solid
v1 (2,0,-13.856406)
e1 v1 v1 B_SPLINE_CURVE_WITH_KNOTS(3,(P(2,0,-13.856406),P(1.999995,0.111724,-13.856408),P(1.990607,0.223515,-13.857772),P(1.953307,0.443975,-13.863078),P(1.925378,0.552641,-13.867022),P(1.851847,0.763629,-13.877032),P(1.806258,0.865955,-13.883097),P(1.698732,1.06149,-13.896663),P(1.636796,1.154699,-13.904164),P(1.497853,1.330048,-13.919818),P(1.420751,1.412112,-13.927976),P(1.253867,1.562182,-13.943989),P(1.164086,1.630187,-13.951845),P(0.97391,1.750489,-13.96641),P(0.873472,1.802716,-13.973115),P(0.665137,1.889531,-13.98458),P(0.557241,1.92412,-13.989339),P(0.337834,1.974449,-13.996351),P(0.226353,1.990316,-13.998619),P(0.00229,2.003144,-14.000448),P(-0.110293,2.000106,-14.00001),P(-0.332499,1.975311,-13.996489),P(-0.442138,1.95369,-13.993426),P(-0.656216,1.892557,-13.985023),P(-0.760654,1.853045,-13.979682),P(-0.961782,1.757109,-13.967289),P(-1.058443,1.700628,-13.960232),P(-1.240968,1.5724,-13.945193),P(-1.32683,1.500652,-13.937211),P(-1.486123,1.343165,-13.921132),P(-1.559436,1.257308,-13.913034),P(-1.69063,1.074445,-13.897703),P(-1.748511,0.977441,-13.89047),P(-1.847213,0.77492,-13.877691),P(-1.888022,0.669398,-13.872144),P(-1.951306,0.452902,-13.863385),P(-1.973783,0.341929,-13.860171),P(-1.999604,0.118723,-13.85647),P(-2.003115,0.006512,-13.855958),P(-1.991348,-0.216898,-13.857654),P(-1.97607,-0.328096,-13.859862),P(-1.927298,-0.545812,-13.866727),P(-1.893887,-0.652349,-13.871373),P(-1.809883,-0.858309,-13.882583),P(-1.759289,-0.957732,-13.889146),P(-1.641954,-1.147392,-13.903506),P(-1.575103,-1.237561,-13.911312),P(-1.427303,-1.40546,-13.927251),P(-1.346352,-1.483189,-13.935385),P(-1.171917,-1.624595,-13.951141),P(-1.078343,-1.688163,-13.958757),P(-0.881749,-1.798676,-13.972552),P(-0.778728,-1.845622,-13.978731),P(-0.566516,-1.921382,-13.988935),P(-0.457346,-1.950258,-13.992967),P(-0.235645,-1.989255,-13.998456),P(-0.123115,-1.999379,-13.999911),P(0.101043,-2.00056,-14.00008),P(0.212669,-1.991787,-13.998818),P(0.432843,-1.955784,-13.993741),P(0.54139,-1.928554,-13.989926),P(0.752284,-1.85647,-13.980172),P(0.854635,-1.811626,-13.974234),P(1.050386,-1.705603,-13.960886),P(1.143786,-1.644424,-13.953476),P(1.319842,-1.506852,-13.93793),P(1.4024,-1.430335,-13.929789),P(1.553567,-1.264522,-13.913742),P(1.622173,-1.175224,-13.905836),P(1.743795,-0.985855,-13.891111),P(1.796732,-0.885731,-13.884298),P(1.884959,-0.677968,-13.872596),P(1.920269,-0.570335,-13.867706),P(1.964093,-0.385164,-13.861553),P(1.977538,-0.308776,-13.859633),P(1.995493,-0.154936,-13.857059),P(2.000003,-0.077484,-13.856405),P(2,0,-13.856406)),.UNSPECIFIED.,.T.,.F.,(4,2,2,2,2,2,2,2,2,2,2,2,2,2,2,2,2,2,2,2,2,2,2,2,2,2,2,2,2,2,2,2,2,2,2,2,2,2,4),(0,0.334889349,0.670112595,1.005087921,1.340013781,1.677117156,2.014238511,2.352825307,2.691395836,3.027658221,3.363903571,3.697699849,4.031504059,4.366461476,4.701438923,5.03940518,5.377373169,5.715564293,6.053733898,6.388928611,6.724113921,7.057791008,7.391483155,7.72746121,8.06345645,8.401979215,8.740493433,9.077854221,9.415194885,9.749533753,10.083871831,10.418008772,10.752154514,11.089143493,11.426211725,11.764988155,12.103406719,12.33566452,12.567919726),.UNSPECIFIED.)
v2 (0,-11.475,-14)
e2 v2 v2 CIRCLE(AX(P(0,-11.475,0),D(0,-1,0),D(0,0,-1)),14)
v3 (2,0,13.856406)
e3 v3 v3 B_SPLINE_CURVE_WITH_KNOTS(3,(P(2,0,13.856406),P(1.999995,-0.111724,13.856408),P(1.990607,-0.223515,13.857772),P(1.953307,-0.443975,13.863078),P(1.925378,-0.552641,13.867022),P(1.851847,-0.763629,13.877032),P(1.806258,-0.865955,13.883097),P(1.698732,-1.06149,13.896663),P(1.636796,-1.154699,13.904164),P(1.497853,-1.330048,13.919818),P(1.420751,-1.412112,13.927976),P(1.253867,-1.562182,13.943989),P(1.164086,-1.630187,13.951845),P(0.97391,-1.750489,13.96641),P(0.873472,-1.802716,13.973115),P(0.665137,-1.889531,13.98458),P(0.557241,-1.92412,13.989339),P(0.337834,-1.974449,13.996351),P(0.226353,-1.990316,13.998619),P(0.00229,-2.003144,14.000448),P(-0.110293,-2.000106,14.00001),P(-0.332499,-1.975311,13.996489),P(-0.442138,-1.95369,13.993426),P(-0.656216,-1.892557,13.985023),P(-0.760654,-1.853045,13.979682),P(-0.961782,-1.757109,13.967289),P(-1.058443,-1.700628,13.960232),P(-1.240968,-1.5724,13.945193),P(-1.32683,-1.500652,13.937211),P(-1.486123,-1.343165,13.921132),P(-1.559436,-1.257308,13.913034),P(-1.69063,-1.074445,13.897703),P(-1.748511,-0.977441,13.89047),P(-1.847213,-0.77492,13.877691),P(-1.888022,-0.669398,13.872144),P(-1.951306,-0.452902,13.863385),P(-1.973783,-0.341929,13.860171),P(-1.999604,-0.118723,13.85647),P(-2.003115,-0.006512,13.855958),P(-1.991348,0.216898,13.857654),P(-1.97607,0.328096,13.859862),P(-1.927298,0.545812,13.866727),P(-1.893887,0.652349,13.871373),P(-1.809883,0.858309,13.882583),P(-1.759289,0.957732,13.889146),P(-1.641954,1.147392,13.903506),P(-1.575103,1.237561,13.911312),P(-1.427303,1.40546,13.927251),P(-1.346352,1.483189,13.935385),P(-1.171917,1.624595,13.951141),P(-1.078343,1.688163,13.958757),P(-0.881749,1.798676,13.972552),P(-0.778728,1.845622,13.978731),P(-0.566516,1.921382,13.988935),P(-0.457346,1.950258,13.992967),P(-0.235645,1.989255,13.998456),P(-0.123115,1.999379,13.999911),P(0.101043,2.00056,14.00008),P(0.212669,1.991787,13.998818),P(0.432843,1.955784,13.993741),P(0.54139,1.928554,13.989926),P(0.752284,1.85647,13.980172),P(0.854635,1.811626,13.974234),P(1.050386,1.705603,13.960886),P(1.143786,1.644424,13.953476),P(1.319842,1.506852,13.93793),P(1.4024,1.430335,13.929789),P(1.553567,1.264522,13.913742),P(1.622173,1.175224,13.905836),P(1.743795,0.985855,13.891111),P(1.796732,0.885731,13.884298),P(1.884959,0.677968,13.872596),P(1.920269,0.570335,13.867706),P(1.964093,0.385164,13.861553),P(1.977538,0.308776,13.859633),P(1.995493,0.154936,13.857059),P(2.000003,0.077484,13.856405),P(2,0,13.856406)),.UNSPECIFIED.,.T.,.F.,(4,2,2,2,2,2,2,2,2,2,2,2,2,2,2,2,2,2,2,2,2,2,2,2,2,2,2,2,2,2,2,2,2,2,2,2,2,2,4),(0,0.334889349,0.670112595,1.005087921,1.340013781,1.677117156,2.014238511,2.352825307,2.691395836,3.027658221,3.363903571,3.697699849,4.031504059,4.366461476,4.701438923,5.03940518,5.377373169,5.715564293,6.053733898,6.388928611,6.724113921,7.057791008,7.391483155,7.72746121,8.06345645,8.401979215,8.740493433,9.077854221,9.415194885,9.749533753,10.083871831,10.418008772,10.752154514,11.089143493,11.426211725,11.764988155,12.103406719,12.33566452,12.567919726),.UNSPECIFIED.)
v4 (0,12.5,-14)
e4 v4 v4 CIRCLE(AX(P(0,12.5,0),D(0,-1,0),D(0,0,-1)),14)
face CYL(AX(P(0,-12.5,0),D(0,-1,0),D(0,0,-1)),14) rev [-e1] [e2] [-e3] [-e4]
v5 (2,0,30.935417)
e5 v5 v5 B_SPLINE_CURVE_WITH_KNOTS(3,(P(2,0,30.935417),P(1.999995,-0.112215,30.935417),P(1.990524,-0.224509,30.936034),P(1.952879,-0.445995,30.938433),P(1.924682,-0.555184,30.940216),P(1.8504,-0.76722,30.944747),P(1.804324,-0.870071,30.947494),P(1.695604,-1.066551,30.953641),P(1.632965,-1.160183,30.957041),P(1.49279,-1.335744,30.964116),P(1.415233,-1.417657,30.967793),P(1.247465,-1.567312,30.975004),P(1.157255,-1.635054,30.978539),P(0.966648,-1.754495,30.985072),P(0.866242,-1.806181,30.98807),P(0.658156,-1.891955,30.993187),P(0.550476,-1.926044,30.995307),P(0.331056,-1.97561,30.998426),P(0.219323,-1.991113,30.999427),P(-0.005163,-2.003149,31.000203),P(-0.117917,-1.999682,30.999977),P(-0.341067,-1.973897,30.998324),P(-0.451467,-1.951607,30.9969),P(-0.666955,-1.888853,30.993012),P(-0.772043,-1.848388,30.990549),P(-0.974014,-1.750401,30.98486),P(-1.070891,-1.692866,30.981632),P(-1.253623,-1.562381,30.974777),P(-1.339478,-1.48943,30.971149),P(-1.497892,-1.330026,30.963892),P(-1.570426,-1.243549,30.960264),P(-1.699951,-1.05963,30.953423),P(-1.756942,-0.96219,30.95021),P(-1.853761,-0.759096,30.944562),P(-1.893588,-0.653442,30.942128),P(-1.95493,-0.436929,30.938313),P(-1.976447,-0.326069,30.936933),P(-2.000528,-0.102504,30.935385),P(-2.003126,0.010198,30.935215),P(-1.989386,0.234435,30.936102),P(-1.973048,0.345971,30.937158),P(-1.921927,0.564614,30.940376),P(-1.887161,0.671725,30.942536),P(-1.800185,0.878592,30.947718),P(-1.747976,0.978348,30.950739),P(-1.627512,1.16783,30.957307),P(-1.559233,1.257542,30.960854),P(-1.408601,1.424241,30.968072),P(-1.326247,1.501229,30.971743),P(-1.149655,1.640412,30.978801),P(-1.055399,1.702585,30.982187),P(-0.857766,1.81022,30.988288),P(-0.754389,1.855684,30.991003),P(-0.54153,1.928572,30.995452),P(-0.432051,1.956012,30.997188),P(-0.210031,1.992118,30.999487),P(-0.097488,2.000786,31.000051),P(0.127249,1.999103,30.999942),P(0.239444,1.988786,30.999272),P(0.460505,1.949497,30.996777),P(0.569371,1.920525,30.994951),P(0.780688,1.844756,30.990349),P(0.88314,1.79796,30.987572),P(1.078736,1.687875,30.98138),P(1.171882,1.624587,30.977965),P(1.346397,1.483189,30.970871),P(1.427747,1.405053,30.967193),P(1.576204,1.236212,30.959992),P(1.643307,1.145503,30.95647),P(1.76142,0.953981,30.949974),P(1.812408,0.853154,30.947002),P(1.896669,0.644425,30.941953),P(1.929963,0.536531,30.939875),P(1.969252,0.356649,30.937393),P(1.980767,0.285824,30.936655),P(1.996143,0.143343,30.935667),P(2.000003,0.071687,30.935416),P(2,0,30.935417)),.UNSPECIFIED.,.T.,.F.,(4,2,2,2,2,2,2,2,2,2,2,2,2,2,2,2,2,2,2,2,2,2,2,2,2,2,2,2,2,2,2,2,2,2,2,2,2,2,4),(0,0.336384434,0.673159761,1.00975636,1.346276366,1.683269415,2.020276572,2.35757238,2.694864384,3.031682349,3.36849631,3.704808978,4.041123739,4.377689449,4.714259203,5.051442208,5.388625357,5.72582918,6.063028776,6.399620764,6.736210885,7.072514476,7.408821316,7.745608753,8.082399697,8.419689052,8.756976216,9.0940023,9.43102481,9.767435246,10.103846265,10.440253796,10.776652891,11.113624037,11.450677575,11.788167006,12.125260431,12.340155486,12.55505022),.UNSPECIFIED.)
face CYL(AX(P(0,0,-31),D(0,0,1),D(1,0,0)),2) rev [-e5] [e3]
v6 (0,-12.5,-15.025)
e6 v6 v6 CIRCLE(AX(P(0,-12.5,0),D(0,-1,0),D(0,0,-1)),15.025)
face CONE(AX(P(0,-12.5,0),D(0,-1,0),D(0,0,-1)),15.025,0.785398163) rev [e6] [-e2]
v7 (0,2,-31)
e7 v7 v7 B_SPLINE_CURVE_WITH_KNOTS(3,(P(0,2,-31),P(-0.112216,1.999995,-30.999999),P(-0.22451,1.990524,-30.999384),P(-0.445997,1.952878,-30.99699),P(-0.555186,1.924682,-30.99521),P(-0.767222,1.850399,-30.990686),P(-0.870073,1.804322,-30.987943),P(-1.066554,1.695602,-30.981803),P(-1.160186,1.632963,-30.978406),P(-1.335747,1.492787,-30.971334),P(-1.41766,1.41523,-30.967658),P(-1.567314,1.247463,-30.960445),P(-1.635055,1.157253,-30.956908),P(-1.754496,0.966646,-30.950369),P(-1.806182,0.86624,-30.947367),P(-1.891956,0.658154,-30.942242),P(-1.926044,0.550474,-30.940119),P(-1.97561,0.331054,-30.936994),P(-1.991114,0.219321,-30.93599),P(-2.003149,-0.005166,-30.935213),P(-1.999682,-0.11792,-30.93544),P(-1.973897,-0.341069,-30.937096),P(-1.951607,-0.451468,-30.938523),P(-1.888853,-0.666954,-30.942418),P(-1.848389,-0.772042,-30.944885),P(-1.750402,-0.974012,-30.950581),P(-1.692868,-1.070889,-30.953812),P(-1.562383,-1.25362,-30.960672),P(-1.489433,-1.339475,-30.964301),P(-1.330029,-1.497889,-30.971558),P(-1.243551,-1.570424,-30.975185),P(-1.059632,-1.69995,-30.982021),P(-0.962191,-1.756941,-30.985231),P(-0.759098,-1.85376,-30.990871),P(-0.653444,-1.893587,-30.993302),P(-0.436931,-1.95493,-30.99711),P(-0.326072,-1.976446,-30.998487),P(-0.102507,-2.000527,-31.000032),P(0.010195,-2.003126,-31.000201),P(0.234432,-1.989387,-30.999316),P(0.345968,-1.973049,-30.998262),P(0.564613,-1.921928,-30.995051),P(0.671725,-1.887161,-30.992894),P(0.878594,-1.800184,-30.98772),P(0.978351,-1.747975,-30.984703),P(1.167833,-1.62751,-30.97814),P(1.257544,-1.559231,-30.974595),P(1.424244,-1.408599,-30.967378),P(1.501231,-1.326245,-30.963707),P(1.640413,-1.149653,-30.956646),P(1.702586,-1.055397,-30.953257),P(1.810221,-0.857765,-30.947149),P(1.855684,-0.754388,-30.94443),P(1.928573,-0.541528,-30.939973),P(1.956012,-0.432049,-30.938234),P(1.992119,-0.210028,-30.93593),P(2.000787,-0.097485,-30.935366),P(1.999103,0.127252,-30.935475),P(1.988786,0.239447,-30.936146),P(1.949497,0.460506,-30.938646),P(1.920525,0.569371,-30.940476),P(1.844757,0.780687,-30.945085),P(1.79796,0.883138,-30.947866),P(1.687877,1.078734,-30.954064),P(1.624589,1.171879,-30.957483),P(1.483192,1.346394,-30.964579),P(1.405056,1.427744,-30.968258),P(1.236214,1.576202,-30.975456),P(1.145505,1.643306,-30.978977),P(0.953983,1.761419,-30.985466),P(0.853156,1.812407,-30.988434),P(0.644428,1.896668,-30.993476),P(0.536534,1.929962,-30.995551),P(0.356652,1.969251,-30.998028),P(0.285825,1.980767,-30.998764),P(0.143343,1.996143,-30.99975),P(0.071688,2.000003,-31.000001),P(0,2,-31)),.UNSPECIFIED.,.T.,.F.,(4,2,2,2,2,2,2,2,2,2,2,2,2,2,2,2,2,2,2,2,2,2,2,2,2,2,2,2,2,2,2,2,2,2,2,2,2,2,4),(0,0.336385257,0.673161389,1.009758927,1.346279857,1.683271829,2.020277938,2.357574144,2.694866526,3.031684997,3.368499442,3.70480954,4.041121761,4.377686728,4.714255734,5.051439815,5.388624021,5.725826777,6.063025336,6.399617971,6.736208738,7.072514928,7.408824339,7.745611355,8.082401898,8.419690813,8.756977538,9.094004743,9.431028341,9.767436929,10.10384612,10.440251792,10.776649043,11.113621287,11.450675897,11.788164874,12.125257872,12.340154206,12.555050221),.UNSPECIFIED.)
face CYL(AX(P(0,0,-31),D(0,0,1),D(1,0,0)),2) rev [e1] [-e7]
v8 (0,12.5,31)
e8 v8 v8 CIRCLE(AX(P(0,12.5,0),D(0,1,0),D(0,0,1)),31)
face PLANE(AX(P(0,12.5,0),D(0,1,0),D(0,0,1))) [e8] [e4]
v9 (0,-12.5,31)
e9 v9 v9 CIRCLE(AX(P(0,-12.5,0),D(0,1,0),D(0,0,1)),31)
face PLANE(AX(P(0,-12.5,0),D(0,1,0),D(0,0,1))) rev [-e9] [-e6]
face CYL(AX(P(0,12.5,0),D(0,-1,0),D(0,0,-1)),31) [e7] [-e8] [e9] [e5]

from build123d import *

# Parameters (mm, degrees)
SKETCH1_R                        = 31
BOSS_EXTRUDE1_DEPTH              = 12.5
CUT_EXTRUDE1_DEPTH               = 46.587827323
CUT_EXTRUDE1_DEPTH_BACK          = 46.587827323
SKETCH2_R                        = 2
M30X2_0_TAPPED_HOLE1_D           = 28
M30X2_0_TAPPED_HOLE1_DEPTH       = 25
M30X2_0_TAPPED_HOLE1_CSINK_D     = 30.05
M30X2_0_TAPPED_HOLE1_CSINK_ANGLE = 90
M30X2_0_TAPPED_HOLE1_TIP         = 8.412048666


with BuildPart() as part:
    # Sketch1 → Boss-Extrude1 (new, symmetric)
    with BuildSketch(Plane(origin=(0, 0, 0), x_dir=(1, 0, 0), z_dir=(0, 1, 0))):
        with Locations(Location((0, 0, 0), (0, 0, 270))):
            Circle(SKETCH1_R)
    extrude(amount=BOSS_EXTRUDE1_DEPTH, both=True)

    # Sketch2 → Cut-Extrude1 (cut, two sides: drawn at the far end of the back side and taken through both)
    with BuildSketch(Plane.XY.offset(-CUT_EXTRUDE1_DEPTH_BACK)):
        Circle(SKETCH2_R)
    extrude(amount=CUT_EXTRUDE1_DEPTH + CUT_EXTRUDE1_DEPTH_BACK, mode=Mode.SUBTRACT)

    # M30x2.0 Tapped Hole1
    with Locations(Plane(origin=(0, -12.5, 0), x_dir=(-1, 0, 0), z_dir=(0, -1, 0))):
        with Locations((0, 0)):
            CounterSinkHole(M30X2_0_TAPPED_HOLE1_D / 2, M30X2_0_TAPPED_HOLE1_CSINK_D / 2, depth=M30X2_0_TAPPED_HOLE1_DEPTH, counter_sink_angle=M30X2_0_TAPPED_HOLE1_CSINK_ANGLE)
            with Locations((0, 0, -(M30X2_0_TAPPED_HOLE1_DEPTH + M30X2_0_TAPPED_HOLE1_TIP / 2))):  # 118° drill point
                Cone(0, M30X2_0_TAPPED_HOLE1_D / 2, M30X2_0_TAPPED_HOLE1_TIP, mode=Mode.SUBTRACT)


solid = part.part
